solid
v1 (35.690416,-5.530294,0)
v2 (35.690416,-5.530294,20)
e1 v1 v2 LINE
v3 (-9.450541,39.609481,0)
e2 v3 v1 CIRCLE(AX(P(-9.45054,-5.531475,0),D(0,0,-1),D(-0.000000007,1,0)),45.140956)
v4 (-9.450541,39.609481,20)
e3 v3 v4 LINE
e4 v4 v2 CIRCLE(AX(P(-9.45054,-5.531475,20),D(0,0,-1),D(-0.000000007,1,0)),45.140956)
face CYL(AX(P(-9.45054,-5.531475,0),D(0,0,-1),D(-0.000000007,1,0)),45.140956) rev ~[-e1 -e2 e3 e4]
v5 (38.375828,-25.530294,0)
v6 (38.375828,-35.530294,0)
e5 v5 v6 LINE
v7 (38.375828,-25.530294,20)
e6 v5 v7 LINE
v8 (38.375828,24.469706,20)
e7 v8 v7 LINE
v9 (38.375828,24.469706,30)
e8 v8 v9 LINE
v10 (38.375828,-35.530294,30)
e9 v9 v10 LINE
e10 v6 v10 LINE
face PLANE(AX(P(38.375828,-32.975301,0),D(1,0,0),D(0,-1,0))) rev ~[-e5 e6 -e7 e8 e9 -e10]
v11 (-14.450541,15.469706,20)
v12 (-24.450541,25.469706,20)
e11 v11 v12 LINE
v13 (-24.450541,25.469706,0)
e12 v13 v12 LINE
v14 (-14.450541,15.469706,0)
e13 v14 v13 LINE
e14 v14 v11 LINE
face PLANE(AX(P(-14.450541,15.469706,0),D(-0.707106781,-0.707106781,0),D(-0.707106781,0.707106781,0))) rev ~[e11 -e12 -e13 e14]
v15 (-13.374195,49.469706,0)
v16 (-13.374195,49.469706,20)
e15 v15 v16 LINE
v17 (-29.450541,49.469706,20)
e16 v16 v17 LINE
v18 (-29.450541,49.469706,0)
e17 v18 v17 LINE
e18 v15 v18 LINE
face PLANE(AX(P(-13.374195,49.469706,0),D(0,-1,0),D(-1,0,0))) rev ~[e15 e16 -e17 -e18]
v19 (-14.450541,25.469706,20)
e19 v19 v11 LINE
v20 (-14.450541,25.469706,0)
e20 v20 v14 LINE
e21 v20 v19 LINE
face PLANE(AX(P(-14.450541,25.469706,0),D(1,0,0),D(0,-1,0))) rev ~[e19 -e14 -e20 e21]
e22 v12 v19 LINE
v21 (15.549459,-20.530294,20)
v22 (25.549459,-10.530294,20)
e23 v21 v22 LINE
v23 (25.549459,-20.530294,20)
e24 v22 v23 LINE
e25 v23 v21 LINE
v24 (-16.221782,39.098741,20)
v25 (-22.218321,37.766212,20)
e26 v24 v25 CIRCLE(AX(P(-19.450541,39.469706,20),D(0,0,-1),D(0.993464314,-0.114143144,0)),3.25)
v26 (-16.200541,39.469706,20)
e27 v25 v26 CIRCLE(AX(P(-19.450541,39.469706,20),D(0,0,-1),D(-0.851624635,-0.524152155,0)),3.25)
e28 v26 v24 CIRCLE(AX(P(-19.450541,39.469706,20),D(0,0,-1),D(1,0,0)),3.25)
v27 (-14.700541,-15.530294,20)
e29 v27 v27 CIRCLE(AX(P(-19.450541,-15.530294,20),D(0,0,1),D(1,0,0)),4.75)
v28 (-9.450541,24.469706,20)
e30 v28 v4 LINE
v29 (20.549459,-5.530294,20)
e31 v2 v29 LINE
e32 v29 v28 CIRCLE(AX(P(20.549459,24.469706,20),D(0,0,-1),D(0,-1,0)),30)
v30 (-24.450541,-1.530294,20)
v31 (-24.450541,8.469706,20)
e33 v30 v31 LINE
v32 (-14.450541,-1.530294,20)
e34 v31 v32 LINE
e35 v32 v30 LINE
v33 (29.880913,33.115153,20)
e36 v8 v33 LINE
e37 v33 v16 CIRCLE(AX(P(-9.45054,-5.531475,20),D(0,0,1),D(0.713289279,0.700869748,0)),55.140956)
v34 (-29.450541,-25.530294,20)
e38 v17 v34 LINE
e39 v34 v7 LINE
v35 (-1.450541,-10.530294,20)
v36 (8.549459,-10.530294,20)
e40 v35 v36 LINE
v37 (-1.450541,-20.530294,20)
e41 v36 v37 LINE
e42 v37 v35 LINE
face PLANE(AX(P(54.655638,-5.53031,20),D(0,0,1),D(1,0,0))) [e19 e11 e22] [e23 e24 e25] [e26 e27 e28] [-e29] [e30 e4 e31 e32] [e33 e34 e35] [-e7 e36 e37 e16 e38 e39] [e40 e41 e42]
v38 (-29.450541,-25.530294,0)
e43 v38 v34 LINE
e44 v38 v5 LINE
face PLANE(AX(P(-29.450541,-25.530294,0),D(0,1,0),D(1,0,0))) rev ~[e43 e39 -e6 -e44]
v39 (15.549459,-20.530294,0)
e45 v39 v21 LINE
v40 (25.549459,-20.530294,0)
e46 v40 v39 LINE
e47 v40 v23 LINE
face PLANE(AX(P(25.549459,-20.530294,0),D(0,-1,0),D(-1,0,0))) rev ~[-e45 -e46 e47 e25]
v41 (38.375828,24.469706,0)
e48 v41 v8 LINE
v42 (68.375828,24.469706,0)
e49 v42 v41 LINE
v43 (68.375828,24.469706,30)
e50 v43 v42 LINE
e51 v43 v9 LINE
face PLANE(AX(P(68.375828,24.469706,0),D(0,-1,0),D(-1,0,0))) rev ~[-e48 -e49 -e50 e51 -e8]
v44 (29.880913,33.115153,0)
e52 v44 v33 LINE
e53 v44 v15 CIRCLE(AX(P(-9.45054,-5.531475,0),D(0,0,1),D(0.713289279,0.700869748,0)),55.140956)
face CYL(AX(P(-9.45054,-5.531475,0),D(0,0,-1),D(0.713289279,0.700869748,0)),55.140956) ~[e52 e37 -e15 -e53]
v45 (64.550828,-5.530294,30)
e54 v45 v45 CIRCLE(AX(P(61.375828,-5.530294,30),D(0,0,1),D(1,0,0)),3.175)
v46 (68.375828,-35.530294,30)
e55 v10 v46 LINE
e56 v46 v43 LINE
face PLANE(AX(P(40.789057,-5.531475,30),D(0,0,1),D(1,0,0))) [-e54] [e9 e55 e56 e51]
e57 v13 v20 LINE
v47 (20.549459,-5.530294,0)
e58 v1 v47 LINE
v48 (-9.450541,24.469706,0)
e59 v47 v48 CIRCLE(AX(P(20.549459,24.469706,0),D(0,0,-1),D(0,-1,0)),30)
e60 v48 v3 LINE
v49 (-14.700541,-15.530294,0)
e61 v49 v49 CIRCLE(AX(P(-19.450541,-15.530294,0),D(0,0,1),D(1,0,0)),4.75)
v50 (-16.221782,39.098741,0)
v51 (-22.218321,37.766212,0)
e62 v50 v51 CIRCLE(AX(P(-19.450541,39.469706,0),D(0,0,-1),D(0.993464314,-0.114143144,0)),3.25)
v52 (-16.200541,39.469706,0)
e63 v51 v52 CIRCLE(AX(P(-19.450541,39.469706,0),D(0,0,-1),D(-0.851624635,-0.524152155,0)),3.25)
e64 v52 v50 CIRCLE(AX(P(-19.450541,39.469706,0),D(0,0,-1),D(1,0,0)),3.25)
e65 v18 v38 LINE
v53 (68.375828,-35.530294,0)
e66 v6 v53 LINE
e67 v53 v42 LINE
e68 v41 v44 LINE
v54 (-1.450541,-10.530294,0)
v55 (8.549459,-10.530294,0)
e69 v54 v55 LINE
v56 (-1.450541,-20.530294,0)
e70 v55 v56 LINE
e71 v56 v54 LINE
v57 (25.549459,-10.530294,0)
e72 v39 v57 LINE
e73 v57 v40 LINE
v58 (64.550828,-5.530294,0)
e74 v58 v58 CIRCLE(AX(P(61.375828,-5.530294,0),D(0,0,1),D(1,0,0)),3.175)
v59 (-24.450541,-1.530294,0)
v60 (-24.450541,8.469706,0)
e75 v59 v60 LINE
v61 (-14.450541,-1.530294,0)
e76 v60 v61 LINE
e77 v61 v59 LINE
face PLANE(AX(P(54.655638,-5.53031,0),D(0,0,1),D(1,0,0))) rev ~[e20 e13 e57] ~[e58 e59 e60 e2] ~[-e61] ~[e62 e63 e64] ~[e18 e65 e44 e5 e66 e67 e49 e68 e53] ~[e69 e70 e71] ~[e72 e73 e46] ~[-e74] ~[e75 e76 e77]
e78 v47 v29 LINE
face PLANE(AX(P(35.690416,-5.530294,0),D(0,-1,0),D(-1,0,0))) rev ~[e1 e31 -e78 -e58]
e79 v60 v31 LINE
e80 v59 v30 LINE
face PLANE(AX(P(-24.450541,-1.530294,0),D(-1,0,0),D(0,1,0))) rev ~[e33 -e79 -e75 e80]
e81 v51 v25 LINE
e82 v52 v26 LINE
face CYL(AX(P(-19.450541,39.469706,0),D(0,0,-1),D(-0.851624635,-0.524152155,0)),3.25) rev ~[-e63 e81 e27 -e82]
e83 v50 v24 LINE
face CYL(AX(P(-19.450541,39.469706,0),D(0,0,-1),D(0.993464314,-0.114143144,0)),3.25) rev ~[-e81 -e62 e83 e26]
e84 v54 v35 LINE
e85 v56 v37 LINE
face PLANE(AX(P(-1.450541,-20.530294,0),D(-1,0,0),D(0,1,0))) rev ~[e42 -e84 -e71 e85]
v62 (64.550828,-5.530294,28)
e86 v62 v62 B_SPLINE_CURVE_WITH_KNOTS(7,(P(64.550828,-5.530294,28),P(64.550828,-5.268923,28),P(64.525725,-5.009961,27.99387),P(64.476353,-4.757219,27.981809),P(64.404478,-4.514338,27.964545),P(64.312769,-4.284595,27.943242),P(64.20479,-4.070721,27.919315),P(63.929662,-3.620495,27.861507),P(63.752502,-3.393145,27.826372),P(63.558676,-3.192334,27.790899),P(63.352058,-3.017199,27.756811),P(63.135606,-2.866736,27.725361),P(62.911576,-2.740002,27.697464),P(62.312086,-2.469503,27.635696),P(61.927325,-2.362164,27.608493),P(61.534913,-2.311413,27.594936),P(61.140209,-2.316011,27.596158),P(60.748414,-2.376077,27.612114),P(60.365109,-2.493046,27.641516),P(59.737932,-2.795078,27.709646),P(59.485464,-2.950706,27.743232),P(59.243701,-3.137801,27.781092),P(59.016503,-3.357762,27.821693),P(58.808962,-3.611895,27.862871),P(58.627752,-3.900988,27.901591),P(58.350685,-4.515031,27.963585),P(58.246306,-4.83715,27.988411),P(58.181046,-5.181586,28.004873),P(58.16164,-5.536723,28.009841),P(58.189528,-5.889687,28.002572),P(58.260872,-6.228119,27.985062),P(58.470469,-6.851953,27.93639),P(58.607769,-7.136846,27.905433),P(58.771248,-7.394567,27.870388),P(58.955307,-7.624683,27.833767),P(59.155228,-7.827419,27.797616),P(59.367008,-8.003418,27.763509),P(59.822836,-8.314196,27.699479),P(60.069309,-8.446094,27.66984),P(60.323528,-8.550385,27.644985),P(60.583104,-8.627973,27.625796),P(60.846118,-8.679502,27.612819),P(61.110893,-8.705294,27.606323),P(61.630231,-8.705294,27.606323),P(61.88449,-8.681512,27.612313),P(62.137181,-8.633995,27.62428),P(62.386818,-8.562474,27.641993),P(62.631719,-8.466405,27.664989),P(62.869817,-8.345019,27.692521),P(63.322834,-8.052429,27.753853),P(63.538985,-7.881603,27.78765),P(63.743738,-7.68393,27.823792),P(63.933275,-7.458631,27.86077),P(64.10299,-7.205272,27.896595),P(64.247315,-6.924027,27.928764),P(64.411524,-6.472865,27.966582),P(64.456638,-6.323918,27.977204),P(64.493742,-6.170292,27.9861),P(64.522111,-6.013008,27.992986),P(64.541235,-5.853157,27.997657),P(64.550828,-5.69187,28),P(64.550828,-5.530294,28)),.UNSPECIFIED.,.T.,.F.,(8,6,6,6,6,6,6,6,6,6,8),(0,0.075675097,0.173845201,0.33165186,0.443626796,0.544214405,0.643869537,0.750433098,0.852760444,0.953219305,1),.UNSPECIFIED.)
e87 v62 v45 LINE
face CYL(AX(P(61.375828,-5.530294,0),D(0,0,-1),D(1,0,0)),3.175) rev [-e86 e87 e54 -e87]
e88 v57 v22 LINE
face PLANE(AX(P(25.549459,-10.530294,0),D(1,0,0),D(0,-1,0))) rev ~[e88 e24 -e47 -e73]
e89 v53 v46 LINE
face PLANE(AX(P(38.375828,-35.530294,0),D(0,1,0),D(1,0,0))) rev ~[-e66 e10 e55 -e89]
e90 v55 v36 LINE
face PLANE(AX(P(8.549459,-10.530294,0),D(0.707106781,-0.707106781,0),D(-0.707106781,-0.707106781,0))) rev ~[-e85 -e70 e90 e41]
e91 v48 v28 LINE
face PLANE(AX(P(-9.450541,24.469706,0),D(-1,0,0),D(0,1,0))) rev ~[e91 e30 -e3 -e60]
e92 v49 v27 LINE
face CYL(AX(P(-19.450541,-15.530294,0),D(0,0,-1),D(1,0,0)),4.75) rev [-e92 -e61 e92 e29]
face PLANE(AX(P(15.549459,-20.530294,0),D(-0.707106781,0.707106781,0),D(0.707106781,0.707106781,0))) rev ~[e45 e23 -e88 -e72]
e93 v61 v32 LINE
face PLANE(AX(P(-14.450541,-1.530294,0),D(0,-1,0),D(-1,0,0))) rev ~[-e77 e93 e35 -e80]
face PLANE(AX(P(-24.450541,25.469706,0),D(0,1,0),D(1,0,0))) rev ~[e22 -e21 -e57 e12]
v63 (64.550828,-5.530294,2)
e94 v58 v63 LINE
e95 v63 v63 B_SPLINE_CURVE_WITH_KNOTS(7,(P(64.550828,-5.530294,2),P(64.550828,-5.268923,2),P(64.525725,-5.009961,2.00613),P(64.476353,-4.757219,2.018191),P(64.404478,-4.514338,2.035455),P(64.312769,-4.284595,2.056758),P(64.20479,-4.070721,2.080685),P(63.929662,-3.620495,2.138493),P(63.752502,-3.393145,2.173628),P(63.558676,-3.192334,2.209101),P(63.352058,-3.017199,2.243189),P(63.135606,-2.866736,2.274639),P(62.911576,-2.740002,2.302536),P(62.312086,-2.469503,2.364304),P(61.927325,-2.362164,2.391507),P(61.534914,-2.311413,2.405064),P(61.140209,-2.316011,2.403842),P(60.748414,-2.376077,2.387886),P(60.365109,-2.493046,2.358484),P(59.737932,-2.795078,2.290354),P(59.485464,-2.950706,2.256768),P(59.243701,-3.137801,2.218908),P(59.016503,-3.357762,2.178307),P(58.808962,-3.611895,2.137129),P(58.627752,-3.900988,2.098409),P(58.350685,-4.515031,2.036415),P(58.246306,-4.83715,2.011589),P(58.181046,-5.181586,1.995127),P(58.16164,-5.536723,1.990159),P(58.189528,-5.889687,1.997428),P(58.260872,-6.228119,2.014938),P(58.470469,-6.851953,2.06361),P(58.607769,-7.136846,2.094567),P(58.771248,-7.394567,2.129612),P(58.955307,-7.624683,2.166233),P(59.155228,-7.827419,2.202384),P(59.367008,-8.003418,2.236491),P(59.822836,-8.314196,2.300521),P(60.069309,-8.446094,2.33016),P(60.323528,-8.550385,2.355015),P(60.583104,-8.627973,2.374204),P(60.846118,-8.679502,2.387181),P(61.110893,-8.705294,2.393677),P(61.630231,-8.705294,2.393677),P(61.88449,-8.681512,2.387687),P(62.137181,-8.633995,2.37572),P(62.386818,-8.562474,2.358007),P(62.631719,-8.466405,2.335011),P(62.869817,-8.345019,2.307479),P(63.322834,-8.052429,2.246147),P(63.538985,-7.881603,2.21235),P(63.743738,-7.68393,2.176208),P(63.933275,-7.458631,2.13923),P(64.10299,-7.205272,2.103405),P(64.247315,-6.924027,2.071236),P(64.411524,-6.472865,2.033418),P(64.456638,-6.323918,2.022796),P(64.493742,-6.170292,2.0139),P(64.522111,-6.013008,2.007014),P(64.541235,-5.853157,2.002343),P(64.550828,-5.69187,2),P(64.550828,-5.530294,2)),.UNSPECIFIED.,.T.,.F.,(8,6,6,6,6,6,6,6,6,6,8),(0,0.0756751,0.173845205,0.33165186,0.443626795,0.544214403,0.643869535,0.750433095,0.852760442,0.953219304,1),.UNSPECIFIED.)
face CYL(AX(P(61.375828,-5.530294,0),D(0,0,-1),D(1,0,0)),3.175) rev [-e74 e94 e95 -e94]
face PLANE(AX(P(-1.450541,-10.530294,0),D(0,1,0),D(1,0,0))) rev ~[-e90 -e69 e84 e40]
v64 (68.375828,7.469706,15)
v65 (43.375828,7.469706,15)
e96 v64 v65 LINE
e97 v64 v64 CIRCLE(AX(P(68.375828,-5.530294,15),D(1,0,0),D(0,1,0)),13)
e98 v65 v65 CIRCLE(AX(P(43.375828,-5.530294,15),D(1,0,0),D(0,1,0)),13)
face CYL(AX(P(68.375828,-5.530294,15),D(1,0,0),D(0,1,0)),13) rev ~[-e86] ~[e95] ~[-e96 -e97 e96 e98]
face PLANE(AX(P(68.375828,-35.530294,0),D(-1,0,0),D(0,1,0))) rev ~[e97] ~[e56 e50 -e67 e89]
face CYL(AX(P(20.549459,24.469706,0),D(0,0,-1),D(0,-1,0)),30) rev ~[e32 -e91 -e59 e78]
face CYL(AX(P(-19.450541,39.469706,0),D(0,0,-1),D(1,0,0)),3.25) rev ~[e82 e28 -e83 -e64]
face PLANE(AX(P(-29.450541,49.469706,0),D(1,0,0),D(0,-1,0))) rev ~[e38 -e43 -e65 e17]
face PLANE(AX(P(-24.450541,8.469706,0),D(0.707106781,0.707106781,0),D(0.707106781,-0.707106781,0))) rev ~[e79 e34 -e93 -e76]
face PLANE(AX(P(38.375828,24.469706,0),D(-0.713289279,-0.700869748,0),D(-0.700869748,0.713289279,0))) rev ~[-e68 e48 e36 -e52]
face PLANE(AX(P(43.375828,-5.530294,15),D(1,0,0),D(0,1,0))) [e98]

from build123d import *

# Parameters (mm, degrees)
F0_R     = 3.175
F0_R_2   = 4.75
F1_DEPTH = 20
F2_DEPTH = 30
F3_R     = 13
F4_DEPTH = 25


with BuildPart() as f1:
    # F0 (on Top) → F1 (new body)
    with BuildSketch(Plane.XY):
        with BuildLine():
            ThreePointArc((45.6904160883, -5.5314753587), (43.8303978971, -19.7324153288), (38.3758278236, -32.9753013065))
            Line((38.3758278236, -32.9753013065), (38.3758278236, -35.5302935839))
            Line((38.3758278236, -35.5302935839), (68.3758278236, -35.5302935839))
            Line((68.3758278236, -35.5302935839), (68.3758278236, 24.4697064161))
            Line((68.3758278236, 24.4697064161), (38.3758278236, 24.4697064161))
            Line((38.3758278236, 24.4697064161), (38.3758278236, 21.9123505891))
            ThreePointArc((38.3758278236, 21.9123505891), (43.8303978971, 8.6694646114), (45.6904160883, -5.5314753587))
        make_face()
        with Locations((61.3758278236, -5.5302935839)):
            Circle(F0_R, mode=Mode.SUBTRACT)
        with BuildLine():
            ThreePointArc((35.6904160883, -5.5314753587), (34.5069545017, -15.8000971879), (31.0186234261, -25.5302935839))
            Line((31.0186234261, -25.5302935839), (38.3758278236, -25.5302935839))
            Line((38.3758278236, -25.5302935839), (38.3758278236, -5.5302935839))
            Line((38.3758278236, -5.5302935839), (35.6904160728, -5.5302935839))
            ThreePointArc((35.6904160728, -5.5302935839), (35.6904160844, -5.5308844713), (35.6904160883, -5.5314753587))
        make_face()
        with BuildLine():
            ThreePointArc((-22.2183206005, 37.7662119119), (-25.8953821372, 36.5074722173), (-29.4505405381, 34.937104137))
            Line((-29.4505405381, 34.937104137), (-29.4505405381, -25.5302935839))
            Line((-29.4505405381, -25.5302935839), (-9.4505405381, -25.5302935839))
            Line((-9.4505405381, -25.5302935839), (31.0186234261, -25.5302935839))
            ThreePointArc((31.0186234261, -25.5302935839), (34.5069545017, -15.8000971879), (35.6904160883, -5.5314753587))
            ThreePointArc((35.6904160883, -5.5314753587), (35.6904160844, -5.5308844713), (35.6904160728, -5.5302935839))
            Line((35.6904160728, -5.5302935839), (20.5494594619, -5.5302935839))
            ThreePointArc((20.5494594619, -5.5302935839), (-0.6637439737, 3.2565029805), (-9.4505405381, 24.4697064161))
            Line((-9.4505405381, 24.4697064161), (-9.4505405381, 39.6094809703))
            ThreePointArc((-9.4505405381, 39.6094809703), (-12.8457783614, 39.4816149196), (-16.2217815185, 39.0987411975))
            ThreePointArc((-16.2217815185, 39.0987411975), (-18.7455341736, 36.2970945543), (-22.2183206005, 37.7662119119))
        make_face()
        with Locations((-19.4505405381, -15.5302935839)):
            Circle(F0_R_2, mode=Mode.SUBTRACT)
        Polygon((-1.4505405381, -10.5302935839), (8.5494594619, -10.5302935839), (-1.4505405381, -20.5302935839), align=None, mode=Mode.SUBTRACT)
        Polygon((25.5494594619, -20.5302935839), (15.5494594619, -20.5302935839), (25.5494594619, -10.5302935839), align=None, mode=Mode.SUBTRACT)
        Polygon((-24.4505405381, -1.5302935839), (-24.4505405381, 8.4697064161), (-14.4505405381, -1.5302935839), align=None, mode=Mode.SUBTRACT)
        Polygon((-14.4505405381, 25.4697064161), (-14.4505405381, 15.4697064161), (-24.4505405381, 25.4697064161), align=None, mode=Mode.SUBTRACT)
        with BuildLine():
            Line((-9.4505405381, 49.4697064161), (-13.3741952012, 49.4697064161))
            ThreePointArc((-13.3741952012, 49.4697064161), (-21.5481694996, 48.2660378849), (-29.4505405381, 45.8545641168))
            Line((-29.4505405381, 45.8545641168), (-29.4505405381, 34.937104137))
            ThreePointArc((-29.4505405381, 34.937104137), (-25.8953821372, 36.5074722173), (-22.2183206005, 37.7662119119))
            ThreePointArc((-22.2183206005, 37.7662119119), (-20.3357565561, 42.5968285118), (-16.2005405381, 39.4697064161))
            ThreePointArc((-16.2005405381, 39.4697064161), (-16.2058551286, 39.283919998), (-16.2217815185, 39.0987411975))
            ThreePointArc((-16.2217815185, 39.0987411975), (-12.8457783614, 39.4816149196), (-9.4505405381, 39.6094809703))
            Line((-9.4505405381, 39.6094809703), (-9.4505405381, 49.4697064161))
        make_face()
        with BuildLine():
            ThreePointArc((29.8809127675, 33.1151528142), (10.0506365578, 46.0459341182), (-13.3741952012, 49.4697064161))
            Line((-13.3741952012, 49.4697064161), (-9.4505405381, 49.4697064161))
            Line((-9.4505405381, 49.4697064161), (-9.4505405381, 39.6094809703))
            ThreePointArc((-9.4505405381, 39.6094809703), (22.4685181604, 26.3884188937), (35.6904160728, -5.5302935839))
            Line((35.6904160728, -5.5302935839), (38.3758278236, -5.5302935839))
            Line((38.3758278236, -5.5302935839), (38.3758278236, 21.9123505891))
            ThreePointArc((38.3758278236, 21.9123505891), (34.4868827374, 27.7856062501), (29.8809127675, 33.1151528142))
        make_face()
        with BuildLine():
            Line((-13.3741952012, 49.4697064161), (-29.4505405381, 49.4697064161))
            Line((-29.4505405381, 49.4697064161), (-29.4505405381, 45.8545641168))
            ThreePointArc((-29.4505405381, 45.8545641168), (-21.5481694996, 48.2660378849), (-13.3741952012, 49.4697064161))
        make_face()
        with BuildLine():
            Line((38.3758278236, 24.4697064161), (29.8809127675, 33.1151528142))
            ThreePointArc((29.8809127675, 33.1151528142), (34.4868827374, 27.7856062501), (38.3758278236, 21.9123505891))
            Line((38.3758278236, 21.9123505891), (38.3758278236, 24.4697064161))
        make_face()
    extrude(amount=F1_DEPTH)

    # F0 (on Top) → F2 (join)
    with BuildSketch(Plane.XY):
        with BuildLine():
            Line((38.3758278236, -25.5302935839), (38.3758278236, -32.9753013065))
            ThreePointArc((38.3758278236, -32.9753013065), (43.8303978971, -19.7324153288), (45.6904160883, -5.5314753587))
            ThreePointArc((45.6904160883, -5.5314753587), (43.8303978971, 8.6694646114), (38.3758278236, 21.9123505891))
            Line((38.3758278236, 21.9123505891), (38.3758278236, -5.5302935839))
            Line((38.3758278236, -5.5302935839), (38.3758278236, -25.5302935839))
        make_face()
        with BuildLine():
            ThreePointArc((45.6904160883, -5.5314753587), (43.8303978971, -19.7324153288), (38.3758278236, -32.9753013065))
            Line((38.3758278236, -32.9753013065), (38.3758278236, -35.5302935839))
            Line((38.3758278236, -35.5302935839), (68.3758278236, -35.5302935839))
            Line((68.3758278236, -35.5302935839), (68.3758278236, 24.4697064161))
            Line((68.3758278236, 24.4697064161), (38.3758278236, 24.4697064161))
            Line((38.3758278236, 24.4697064161), (38.3758278236, 21.9123505891))
            ThreePointArc((38.3758278236, 21.9123505891), (43.8303978971, 8.6694646114), (45.6904160883, -5.5314753587))
        make_face()
        with Locations((61.3758278236, -5.5302935839)):
            Circle(F0_R, mode=Mode.SUBTRACT)
    extrude(amount=F2_DEPTH)

    # F3 (on face) → F4 (cut)
    with BuildSketch(Plane.YZ.offset(68.3758278236)):
        with Locations((-5.5302935839, 15)):
            Circle(F3_R)
    extrude(amount=-F4_DEPTH, mode=Mode.SUBTRACT)


solid = f1.part
